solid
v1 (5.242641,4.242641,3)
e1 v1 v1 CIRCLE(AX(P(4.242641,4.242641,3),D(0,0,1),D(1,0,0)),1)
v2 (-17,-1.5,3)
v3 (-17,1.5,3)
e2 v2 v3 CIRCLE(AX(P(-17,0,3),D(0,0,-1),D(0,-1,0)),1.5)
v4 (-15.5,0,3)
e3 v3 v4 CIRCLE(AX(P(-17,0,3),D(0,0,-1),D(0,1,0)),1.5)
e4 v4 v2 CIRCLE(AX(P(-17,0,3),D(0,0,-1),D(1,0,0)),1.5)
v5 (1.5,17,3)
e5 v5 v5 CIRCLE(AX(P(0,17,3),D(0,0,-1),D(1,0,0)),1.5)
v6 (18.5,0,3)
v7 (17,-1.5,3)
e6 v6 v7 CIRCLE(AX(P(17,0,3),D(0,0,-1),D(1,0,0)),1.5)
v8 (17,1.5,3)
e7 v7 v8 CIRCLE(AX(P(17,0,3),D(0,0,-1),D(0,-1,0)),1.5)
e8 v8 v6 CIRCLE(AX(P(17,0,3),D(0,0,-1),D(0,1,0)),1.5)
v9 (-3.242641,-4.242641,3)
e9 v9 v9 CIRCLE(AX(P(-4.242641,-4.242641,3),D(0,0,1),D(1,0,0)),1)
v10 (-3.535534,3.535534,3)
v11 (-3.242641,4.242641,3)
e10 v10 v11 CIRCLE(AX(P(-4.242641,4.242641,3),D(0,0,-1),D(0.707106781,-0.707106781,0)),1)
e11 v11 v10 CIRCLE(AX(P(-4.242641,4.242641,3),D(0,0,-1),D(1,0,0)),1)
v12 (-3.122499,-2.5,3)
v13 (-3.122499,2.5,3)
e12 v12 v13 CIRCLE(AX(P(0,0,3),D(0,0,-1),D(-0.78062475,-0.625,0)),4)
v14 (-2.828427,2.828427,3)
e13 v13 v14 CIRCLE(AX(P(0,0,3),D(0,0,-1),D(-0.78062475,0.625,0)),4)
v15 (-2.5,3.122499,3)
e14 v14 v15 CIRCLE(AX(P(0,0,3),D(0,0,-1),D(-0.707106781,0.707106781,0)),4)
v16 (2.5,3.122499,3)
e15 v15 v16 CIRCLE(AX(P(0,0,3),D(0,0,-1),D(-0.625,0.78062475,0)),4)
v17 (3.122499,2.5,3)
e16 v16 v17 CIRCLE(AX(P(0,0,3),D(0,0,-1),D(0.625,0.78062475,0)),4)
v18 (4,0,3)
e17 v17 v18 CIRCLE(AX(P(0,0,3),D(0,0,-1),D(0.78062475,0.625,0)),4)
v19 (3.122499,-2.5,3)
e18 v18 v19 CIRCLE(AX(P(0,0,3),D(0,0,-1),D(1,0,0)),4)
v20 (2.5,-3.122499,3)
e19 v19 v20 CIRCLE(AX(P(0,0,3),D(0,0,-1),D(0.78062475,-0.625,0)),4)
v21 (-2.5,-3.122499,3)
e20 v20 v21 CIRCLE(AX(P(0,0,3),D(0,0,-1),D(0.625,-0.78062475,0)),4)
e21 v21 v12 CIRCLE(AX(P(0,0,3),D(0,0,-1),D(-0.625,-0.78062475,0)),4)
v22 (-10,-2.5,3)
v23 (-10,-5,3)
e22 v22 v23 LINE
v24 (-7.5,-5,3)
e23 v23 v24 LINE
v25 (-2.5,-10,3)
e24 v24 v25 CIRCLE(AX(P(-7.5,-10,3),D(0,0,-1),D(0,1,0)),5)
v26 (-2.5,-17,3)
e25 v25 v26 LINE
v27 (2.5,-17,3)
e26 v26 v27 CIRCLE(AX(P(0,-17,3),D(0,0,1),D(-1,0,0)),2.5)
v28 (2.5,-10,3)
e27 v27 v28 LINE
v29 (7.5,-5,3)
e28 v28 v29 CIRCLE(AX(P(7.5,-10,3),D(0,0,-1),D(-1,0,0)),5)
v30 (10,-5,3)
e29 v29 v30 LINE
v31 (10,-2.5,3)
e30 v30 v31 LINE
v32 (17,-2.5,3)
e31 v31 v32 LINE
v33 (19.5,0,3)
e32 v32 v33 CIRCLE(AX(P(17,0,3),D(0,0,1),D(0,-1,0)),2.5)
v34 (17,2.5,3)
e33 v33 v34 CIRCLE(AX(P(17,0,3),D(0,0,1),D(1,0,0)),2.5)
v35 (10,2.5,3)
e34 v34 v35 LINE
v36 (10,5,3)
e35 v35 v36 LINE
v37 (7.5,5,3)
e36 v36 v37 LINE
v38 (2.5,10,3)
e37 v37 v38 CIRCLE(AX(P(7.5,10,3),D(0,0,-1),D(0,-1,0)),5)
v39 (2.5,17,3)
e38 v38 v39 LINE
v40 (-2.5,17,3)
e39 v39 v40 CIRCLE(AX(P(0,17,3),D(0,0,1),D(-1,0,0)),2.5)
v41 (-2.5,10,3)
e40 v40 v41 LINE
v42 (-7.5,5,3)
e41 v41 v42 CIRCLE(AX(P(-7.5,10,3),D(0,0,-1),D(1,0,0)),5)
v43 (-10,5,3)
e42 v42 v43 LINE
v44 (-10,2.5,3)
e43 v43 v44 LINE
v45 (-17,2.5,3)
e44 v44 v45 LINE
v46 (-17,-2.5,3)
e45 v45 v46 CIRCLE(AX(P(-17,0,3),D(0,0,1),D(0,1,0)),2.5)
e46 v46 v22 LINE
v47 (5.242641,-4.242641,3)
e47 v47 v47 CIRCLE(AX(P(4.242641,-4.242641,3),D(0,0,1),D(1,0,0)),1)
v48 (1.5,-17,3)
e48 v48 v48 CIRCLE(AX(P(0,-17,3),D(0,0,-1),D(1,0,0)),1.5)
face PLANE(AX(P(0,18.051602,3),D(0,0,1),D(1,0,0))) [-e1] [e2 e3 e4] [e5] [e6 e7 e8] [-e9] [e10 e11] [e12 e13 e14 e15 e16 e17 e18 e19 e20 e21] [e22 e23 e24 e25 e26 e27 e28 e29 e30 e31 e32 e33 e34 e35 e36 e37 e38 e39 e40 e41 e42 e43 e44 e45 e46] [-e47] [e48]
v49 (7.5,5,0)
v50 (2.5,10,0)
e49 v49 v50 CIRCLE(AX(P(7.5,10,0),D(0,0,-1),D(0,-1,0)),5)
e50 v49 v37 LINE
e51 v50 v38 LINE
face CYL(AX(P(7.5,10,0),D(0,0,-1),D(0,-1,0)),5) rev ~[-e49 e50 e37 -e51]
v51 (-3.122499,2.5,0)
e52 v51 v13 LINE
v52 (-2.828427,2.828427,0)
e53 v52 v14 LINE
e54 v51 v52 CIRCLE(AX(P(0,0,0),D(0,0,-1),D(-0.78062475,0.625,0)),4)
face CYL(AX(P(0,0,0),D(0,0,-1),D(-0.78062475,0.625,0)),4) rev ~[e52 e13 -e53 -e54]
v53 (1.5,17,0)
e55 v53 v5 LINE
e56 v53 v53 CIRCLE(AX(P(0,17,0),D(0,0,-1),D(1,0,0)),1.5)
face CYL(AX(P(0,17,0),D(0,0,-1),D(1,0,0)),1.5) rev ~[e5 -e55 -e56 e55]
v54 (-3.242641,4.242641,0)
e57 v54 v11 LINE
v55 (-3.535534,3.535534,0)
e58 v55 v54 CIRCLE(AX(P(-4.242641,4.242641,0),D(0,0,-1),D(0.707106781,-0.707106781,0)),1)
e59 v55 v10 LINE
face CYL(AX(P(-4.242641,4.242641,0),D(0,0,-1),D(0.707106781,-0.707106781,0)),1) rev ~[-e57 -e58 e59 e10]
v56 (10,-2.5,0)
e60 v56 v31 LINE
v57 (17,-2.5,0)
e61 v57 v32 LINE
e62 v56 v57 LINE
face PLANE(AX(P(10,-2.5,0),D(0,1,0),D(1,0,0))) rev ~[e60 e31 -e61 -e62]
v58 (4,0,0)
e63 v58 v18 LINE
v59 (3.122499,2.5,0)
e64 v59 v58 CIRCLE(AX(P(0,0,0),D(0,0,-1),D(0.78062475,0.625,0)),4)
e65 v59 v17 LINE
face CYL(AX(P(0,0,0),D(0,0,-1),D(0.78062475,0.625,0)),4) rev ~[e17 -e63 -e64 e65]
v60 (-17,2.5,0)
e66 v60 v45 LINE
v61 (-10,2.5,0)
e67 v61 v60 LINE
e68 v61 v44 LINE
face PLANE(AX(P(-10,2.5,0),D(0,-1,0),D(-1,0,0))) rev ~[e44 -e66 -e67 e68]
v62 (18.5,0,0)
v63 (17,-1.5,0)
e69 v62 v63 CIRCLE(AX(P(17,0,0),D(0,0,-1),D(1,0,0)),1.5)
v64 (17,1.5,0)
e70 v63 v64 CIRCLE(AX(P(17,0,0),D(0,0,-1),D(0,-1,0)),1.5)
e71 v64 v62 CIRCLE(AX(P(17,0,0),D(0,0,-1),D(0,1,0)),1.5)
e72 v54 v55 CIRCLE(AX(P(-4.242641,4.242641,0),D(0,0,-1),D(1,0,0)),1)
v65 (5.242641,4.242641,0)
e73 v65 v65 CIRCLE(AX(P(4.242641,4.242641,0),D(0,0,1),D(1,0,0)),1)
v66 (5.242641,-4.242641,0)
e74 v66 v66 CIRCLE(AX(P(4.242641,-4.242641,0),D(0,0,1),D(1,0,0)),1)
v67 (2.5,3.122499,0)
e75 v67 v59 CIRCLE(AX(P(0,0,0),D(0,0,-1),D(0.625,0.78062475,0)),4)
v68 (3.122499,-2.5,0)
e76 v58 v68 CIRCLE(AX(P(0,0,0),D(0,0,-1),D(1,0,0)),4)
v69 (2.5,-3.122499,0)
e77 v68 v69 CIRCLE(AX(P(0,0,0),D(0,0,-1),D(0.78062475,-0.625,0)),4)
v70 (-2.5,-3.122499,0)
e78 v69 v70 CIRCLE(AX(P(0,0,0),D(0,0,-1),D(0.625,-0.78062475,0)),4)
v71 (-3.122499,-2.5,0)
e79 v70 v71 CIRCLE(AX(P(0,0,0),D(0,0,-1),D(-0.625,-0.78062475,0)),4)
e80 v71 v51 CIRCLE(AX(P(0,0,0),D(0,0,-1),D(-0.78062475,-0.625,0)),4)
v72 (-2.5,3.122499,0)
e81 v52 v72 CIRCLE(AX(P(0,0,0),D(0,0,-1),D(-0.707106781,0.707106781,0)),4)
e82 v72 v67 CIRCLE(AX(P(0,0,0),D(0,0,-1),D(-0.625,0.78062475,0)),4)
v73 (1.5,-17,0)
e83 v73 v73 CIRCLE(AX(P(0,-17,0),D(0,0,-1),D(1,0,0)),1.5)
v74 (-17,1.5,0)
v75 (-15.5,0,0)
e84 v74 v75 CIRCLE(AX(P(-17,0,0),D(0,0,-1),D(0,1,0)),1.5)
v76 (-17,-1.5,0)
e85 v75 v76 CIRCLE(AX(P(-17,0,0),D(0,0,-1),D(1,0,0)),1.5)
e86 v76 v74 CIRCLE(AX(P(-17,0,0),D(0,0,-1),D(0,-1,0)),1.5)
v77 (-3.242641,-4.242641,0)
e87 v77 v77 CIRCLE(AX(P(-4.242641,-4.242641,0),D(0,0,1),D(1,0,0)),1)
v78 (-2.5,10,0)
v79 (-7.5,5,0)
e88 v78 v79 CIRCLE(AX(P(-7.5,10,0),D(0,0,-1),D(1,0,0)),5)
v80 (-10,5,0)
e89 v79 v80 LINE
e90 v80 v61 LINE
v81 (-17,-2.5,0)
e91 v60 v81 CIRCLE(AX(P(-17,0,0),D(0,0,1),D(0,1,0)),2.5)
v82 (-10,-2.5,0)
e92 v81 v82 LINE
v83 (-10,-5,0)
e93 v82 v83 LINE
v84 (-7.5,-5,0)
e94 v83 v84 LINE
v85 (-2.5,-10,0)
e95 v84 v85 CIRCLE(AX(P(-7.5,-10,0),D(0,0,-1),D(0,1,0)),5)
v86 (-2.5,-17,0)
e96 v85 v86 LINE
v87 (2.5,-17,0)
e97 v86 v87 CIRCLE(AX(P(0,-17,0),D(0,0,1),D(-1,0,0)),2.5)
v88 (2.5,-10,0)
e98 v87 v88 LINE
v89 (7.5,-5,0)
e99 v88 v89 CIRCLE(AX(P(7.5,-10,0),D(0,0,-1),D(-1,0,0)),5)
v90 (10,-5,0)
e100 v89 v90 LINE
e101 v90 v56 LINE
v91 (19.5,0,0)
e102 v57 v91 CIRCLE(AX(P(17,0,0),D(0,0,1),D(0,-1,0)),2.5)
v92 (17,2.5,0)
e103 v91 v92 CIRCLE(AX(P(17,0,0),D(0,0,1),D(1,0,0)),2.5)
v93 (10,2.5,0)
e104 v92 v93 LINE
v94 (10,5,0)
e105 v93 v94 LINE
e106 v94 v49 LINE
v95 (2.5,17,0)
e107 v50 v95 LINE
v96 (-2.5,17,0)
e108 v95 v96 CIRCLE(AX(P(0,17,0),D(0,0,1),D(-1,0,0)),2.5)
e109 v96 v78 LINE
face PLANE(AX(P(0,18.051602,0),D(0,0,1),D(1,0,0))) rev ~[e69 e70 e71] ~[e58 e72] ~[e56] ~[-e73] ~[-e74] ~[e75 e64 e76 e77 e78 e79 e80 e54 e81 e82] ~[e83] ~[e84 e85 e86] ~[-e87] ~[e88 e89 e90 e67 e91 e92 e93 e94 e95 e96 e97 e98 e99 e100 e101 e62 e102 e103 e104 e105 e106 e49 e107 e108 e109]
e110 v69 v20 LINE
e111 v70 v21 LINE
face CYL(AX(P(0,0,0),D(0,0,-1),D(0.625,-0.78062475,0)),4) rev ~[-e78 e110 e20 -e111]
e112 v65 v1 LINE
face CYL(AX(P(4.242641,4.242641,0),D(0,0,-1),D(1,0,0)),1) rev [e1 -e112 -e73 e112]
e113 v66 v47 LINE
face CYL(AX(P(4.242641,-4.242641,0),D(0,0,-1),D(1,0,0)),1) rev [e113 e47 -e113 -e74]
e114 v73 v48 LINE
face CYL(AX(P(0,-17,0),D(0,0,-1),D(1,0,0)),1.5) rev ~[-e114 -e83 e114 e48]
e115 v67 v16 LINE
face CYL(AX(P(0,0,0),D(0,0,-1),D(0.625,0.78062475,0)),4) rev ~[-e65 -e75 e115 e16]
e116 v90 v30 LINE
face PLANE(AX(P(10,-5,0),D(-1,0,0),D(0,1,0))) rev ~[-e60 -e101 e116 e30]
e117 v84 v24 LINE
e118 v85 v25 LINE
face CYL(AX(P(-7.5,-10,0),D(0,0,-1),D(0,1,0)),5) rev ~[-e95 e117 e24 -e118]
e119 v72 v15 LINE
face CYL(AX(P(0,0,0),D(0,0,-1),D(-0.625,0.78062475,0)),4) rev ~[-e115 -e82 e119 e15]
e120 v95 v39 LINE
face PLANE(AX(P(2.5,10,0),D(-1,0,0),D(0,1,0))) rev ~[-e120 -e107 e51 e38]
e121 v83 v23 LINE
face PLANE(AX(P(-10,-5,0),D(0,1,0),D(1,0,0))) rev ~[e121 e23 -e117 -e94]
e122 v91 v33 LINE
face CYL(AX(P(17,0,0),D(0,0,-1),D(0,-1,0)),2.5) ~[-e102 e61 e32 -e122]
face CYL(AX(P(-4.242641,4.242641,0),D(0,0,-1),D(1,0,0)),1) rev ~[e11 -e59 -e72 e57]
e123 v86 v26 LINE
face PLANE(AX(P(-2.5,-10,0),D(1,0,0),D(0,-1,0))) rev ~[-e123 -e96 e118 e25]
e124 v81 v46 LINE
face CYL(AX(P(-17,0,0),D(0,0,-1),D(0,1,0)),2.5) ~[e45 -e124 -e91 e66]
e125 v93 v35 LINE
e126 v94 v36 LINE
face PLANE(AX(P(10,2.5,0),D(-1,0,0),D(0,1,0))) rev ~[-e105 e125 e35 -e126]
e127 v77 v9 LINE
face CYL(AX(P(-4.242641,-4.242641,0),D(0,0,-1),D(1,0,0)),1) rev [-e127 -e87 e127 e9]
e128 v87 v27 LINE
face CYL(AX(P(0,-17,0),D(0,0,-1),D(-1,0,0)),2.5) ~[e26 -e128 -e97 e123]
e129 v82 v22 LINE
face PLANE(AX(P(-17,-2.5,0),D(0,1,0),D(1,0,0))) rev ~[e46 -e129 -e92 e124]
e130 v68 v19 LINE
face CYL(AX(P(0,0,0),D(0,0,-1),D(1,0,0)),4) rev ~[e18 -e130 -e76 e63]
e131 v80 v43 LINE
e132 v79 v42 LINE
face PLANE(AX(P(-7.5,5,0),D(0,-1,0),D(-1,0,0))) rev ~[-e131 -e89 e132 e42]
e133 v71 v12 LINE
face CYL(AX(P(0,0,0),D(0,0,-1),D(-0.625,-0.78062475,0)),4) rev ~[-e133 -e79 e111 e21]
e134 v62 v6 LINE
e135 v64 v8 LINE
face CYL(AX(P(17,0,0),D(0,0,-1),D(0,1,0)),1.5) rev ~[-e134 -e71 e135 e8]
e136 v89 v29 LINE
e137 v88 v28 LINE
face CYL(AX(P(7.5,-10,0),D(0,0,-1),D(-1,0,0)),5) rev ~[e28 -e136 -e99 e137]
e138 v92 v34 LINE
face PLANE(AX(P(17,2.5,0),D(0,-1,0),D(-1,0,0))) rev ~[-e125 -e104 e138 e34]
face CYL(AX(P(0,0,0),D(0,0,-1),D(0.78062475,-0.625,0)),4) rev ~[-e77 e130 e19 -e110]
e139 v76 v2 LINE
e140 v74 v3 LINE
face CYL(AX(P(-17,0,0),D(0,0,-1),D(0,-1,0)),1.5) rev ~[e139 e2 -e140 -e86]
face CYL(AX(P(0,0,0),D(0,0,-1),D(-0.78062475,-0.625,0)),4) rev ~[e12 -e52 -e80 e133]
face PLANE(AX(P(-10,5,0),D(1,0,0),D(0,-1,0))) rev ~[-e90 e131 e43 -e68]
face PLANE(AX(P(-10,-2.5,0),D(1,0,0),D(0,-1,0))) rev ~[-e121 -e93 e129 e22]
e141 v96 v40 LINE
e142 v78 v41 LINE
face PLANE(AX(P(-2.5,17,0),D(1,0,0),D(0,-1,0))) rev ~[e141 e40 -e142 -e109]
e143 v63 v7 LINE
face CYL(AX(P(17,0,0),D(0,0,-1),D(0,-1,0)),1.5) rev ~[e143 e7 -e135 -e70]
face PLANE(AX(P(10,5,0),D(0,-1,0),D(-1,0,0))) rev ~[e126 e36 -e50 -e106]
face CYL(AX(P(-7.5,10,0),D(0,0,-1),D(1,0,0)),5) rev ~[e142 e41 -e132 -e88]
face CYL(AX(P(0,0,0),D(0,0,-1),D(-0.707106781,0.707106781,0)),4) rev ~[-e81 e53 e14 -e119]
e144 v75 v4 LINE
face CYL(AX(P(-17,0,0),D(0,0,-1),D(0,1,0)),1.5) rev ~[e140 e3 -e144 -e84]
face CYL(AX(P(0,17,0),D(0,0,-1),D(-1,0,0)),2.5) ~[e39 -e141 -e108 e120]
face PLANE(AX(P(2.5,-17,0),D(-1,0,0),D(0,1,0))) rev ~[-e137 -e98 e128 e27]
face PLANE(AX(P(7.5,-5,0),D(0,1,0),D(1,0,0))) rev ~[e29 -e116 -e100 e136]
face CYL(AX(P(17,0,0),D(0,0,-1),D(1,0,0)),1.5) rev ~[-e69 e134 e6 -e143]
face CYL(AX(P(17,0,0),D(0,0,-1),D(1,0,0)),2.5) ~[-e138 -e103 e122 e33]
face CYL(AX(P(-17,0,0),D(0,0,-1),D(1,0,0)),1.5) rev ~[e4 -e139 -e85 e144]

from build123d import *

# Parameters (mm, degrees)
F0_R     = 1
F1_DEPTH = 3


with BuildPart() as f1:
    # F0 (on Top) → F1 (new body)
    with BuildSketch(Plane.XY):
        with BuildLine():
            ThreePointArc((-1.5, 17), (0, 18.5), (1.5, 17))
            Line((1.5, 17), (2.5, 17))
            ThreePointArc((2.5, 17), (0, 19.5), (-2.5, 17))
            Line((-2.5, 17), (-1.5, 17))
        make_face()
        with BuildLine():
            Line((2.5, 17), (1.5, 17))
            ThreePointArc((1.5, 17), (0, 15.5), (-1.5, 17))
            Line((-1.5, 17), (-2.5, 17))
            ThreePointArc((-2.5, 17), (0, 14.5), (2.5, 17))
        make_face()
        with BuildLine():
            Line((2.5, 10), (2.5, 17))
            ThreePointArc((2.5, 17), (0, 14.5), (-2.5, 17))
            Line((-2.5, 17), (-2.5, 10))
            ThreePointArc((-2.5, 10), (-3.9644660941, 6.4644660941), (-7.5, 5))
            Line((-7.5, 5), (-10, 5))
            Line((-10, 5), (-10, 2.5))
            Line((-10, 2.5), (-3.1224989992, 2.5))
            ThreePointArc((-3.1224989992, 2.5), (-2.979991028, 2.6682678787), (-2.8284271247, 2.8284271247))
            ThreePointArc((-2.8284271247, 2.8284271247), (-2.6682678787, 2.979991028), (-2.5, 3.1224989992))
            ThreePointArc((-2.5, 3.1224989992), (0, 4), (2.5, 3.1224989992))
            ThreePointArc((2.5, 3.1224989992), (2.8284271247, 2.8284271247), (3.1224989992, 2.5))
            Line((3.1224989992, 2.5), (10, 2.5))
            Line((10, 2.5), (10, 5))
            Line((10, 5), (7.5, 5))
            ThreePointArc((7.5, 5), (3.9644660941, 6.4644660941), (2.5, 10))
        make_face()
        with BuildLine():
            ThreePointArc((-3.2426406871, 4.2426406871), (-3.3187611546, 3.8599572548), (-3.5355339059, 3.5355339059))
            ThreePointArc((-3.5355339059, 3.5355339059), (-5.1665202196, 4.6253241195), (-3.2426406871, 4.2426406871))
        make_face(mode=Mode.SUBTRACT)
        with Locations((4.2426406871, 4.2426406871)):
            Circle(F0_R, mode=Mode.SUBTRACT)
        with BuildLine():
            Line((17, 2.5), (10, 2.5))
            Line((10, 2.5), (10, -2.5))
            Line((10, -2.5), (17, -2.5))
            ThreePointArc((17, -2.5), (14.5, 0), (17, 2.5))
        make_face()
        with BuildLine():
            Line((10, -2.5), (10, 2.5))
            Line((10, 2.5), (3.1224989992, 2.5))
            ThreePointArc((3.1224989992, 2.5), (3.7742546282, 1.3247648854), (4, 0))
            ThreePointArc((4, 0), (3.7742546282, -1.3247648854), (3.1224989992, -2.5))
            Line((3.1224989992, -2.5), (10, -2.5))
        make_face()
        with BuildLine():
            Line((10, -5), (10, -2.5))
            Line((10, -2.5), (3.1224989992, -2.5))
            ThreePointArc((3.1224989992, -2.5), (2.8284271247, -2.8284271247), (2.5, -3.1224989992))
            ThreePointArc((2.5, -3.1224989992), (0, -4), (-2.5, -3.1224989992))
            ThreePointArc((-2.5, -3.1224989992), (-2.8284271247, -2.8284271247), (-3.1224989992, -2.5))
            Line((-3.1224989992, -2.5), (-10, -2.5))
            Line((-10, -2.5), (-10, -5))
            Line((-10, -5), (-7.5, -5))
            ThreePointArc((-7.5, -5), (-3.9644660941, -6.4644660941), (-2.5, -10))
            Line((-2.5, -10), (-2.5, -17))
            ThreePointArc((-2.5, -17), (0, -14.5), (2.5, -17))
            Line((2.5, -17), (2.5, -10))
            ThreePointArc((2.5, -10), (3.9644660941, -6.4644660941), (7.5, -5))
            Line((7.5, -5), (10, -5))
        make_face()
        with Locations((-4.2426406871, -4.2426406871)):
            Circle(F0_R, mode=Mode.SUBTRACT)
        with Locations((4.2426406871, -4.2426406871)):
            Circle(F0_R, mode=Mode.SUBTRACT)
        with BuildLine():
            ThreePointArc((19.5, 0), (18.767766953, 1.767766953), (17, 2.5))
            Line((17, 2.5), (17, 1.5))
            ThreePointArc((17, 1.5), (18.0606601718, 1.0606601718), (18.5, 0))
            ThreePointArc((18.5, 0), (18.0606601718, -1.0606601718), (17, -1.5))
            Line((17, -1.5), (17, -2.5))
            ThreePointArc((17, -2.5), (18.767766953, -1.767766953), (19.5, 0))
        make_face()
        with BuildLine():
            Line((17, 1.5), (17, 2.5))
            ThreePointArc((17, 2.5), (14.5, 0), (17, -2.5))
            Line((17, -2.5), (17, -1.5))
            ThreePointArc((17, -1.5), (15.5, 0), (17, 1.5))
        make_face()
        with BuildLine():
            Line((-3.1224989992, 2.5), (-10, 2.5))
            Line((-10, 2.5), (-10, -2.5))
            Line((-10, -2.5), (-3.1224989992, -2.5))
            ThreePointArc((-3.1224989992, -2.5), (-4, 0), (-3.1224989992, 2.5))
        make_face()
        with BuildLine():
            Line((-10, -2.5), (-10, 2.5))
            Line((-10, 2.5), (-17, 2.5))
            ThreePointArc((-17, 2.5), (-15.232233047, 1.767766953), (-14.5, 0))
            ThreePointArc((-14.5, 0), (-15.232233047, -1.767766953), (-17, -2.5))
            Line((-17, -2.5), (-10, -2.5))
        make_face()
        with BuildLine():
            ThreePointArc((-14.5, 0), (-15.232233047, 1.767766953), (-17, 2.5))
            Line((-17, 2.5), (-17, 1.5))
            ThreePointArc((-17, 1.5), (-15.9393398282, 1.0606601718), (-15.5, 0))
            ThreePointArc((-15.5, 0), (-15.9393398282, -1.0606601718), (-17, -1.5))
            Line((-17, -1.5), (-17, -2.5))
            ThreePointArc((-17, -2.5), (-15.232233047, -1.767766953), (-14.5, 0))
        make_face()
        with BuildLine():
            Line((-17, 1.5), (-17, 2.5))
            ThreePointArc((-17, 2.5), (-19.5, 0), (-17, -2.5))
            Line((-17, -2.5), (-17, -1.5))
            ThreePointArc((-17, -1.5), (-18.5, 0), (-17, 1.5))
        make_face()
        with BuildLine():
            ThreePointArc((-2.5, -17), (0, -19.5), (2.5, -17))
            Line((2.5, -17), (1.5, -17))
            ThreePointArc((1.5, -17), (0, -18.5), (-1.5, -17))
            Line((-1.5, -17), (-2.5, -17))
        make_face()
        with BuildLine():
            Line((1.5, -17), (2.5, -17))
            ThreePointArc((2.5, -17), (0, -14.5), (-2.5, -17))
            Line((-2.5, -17), (-1.5, -17))
            ThreePointArc((-1.5, -17), (0, -15.5), (1.5, -17))
        make_face()
    extrude(amount=F1_DEPTH)


solid = f1.part
